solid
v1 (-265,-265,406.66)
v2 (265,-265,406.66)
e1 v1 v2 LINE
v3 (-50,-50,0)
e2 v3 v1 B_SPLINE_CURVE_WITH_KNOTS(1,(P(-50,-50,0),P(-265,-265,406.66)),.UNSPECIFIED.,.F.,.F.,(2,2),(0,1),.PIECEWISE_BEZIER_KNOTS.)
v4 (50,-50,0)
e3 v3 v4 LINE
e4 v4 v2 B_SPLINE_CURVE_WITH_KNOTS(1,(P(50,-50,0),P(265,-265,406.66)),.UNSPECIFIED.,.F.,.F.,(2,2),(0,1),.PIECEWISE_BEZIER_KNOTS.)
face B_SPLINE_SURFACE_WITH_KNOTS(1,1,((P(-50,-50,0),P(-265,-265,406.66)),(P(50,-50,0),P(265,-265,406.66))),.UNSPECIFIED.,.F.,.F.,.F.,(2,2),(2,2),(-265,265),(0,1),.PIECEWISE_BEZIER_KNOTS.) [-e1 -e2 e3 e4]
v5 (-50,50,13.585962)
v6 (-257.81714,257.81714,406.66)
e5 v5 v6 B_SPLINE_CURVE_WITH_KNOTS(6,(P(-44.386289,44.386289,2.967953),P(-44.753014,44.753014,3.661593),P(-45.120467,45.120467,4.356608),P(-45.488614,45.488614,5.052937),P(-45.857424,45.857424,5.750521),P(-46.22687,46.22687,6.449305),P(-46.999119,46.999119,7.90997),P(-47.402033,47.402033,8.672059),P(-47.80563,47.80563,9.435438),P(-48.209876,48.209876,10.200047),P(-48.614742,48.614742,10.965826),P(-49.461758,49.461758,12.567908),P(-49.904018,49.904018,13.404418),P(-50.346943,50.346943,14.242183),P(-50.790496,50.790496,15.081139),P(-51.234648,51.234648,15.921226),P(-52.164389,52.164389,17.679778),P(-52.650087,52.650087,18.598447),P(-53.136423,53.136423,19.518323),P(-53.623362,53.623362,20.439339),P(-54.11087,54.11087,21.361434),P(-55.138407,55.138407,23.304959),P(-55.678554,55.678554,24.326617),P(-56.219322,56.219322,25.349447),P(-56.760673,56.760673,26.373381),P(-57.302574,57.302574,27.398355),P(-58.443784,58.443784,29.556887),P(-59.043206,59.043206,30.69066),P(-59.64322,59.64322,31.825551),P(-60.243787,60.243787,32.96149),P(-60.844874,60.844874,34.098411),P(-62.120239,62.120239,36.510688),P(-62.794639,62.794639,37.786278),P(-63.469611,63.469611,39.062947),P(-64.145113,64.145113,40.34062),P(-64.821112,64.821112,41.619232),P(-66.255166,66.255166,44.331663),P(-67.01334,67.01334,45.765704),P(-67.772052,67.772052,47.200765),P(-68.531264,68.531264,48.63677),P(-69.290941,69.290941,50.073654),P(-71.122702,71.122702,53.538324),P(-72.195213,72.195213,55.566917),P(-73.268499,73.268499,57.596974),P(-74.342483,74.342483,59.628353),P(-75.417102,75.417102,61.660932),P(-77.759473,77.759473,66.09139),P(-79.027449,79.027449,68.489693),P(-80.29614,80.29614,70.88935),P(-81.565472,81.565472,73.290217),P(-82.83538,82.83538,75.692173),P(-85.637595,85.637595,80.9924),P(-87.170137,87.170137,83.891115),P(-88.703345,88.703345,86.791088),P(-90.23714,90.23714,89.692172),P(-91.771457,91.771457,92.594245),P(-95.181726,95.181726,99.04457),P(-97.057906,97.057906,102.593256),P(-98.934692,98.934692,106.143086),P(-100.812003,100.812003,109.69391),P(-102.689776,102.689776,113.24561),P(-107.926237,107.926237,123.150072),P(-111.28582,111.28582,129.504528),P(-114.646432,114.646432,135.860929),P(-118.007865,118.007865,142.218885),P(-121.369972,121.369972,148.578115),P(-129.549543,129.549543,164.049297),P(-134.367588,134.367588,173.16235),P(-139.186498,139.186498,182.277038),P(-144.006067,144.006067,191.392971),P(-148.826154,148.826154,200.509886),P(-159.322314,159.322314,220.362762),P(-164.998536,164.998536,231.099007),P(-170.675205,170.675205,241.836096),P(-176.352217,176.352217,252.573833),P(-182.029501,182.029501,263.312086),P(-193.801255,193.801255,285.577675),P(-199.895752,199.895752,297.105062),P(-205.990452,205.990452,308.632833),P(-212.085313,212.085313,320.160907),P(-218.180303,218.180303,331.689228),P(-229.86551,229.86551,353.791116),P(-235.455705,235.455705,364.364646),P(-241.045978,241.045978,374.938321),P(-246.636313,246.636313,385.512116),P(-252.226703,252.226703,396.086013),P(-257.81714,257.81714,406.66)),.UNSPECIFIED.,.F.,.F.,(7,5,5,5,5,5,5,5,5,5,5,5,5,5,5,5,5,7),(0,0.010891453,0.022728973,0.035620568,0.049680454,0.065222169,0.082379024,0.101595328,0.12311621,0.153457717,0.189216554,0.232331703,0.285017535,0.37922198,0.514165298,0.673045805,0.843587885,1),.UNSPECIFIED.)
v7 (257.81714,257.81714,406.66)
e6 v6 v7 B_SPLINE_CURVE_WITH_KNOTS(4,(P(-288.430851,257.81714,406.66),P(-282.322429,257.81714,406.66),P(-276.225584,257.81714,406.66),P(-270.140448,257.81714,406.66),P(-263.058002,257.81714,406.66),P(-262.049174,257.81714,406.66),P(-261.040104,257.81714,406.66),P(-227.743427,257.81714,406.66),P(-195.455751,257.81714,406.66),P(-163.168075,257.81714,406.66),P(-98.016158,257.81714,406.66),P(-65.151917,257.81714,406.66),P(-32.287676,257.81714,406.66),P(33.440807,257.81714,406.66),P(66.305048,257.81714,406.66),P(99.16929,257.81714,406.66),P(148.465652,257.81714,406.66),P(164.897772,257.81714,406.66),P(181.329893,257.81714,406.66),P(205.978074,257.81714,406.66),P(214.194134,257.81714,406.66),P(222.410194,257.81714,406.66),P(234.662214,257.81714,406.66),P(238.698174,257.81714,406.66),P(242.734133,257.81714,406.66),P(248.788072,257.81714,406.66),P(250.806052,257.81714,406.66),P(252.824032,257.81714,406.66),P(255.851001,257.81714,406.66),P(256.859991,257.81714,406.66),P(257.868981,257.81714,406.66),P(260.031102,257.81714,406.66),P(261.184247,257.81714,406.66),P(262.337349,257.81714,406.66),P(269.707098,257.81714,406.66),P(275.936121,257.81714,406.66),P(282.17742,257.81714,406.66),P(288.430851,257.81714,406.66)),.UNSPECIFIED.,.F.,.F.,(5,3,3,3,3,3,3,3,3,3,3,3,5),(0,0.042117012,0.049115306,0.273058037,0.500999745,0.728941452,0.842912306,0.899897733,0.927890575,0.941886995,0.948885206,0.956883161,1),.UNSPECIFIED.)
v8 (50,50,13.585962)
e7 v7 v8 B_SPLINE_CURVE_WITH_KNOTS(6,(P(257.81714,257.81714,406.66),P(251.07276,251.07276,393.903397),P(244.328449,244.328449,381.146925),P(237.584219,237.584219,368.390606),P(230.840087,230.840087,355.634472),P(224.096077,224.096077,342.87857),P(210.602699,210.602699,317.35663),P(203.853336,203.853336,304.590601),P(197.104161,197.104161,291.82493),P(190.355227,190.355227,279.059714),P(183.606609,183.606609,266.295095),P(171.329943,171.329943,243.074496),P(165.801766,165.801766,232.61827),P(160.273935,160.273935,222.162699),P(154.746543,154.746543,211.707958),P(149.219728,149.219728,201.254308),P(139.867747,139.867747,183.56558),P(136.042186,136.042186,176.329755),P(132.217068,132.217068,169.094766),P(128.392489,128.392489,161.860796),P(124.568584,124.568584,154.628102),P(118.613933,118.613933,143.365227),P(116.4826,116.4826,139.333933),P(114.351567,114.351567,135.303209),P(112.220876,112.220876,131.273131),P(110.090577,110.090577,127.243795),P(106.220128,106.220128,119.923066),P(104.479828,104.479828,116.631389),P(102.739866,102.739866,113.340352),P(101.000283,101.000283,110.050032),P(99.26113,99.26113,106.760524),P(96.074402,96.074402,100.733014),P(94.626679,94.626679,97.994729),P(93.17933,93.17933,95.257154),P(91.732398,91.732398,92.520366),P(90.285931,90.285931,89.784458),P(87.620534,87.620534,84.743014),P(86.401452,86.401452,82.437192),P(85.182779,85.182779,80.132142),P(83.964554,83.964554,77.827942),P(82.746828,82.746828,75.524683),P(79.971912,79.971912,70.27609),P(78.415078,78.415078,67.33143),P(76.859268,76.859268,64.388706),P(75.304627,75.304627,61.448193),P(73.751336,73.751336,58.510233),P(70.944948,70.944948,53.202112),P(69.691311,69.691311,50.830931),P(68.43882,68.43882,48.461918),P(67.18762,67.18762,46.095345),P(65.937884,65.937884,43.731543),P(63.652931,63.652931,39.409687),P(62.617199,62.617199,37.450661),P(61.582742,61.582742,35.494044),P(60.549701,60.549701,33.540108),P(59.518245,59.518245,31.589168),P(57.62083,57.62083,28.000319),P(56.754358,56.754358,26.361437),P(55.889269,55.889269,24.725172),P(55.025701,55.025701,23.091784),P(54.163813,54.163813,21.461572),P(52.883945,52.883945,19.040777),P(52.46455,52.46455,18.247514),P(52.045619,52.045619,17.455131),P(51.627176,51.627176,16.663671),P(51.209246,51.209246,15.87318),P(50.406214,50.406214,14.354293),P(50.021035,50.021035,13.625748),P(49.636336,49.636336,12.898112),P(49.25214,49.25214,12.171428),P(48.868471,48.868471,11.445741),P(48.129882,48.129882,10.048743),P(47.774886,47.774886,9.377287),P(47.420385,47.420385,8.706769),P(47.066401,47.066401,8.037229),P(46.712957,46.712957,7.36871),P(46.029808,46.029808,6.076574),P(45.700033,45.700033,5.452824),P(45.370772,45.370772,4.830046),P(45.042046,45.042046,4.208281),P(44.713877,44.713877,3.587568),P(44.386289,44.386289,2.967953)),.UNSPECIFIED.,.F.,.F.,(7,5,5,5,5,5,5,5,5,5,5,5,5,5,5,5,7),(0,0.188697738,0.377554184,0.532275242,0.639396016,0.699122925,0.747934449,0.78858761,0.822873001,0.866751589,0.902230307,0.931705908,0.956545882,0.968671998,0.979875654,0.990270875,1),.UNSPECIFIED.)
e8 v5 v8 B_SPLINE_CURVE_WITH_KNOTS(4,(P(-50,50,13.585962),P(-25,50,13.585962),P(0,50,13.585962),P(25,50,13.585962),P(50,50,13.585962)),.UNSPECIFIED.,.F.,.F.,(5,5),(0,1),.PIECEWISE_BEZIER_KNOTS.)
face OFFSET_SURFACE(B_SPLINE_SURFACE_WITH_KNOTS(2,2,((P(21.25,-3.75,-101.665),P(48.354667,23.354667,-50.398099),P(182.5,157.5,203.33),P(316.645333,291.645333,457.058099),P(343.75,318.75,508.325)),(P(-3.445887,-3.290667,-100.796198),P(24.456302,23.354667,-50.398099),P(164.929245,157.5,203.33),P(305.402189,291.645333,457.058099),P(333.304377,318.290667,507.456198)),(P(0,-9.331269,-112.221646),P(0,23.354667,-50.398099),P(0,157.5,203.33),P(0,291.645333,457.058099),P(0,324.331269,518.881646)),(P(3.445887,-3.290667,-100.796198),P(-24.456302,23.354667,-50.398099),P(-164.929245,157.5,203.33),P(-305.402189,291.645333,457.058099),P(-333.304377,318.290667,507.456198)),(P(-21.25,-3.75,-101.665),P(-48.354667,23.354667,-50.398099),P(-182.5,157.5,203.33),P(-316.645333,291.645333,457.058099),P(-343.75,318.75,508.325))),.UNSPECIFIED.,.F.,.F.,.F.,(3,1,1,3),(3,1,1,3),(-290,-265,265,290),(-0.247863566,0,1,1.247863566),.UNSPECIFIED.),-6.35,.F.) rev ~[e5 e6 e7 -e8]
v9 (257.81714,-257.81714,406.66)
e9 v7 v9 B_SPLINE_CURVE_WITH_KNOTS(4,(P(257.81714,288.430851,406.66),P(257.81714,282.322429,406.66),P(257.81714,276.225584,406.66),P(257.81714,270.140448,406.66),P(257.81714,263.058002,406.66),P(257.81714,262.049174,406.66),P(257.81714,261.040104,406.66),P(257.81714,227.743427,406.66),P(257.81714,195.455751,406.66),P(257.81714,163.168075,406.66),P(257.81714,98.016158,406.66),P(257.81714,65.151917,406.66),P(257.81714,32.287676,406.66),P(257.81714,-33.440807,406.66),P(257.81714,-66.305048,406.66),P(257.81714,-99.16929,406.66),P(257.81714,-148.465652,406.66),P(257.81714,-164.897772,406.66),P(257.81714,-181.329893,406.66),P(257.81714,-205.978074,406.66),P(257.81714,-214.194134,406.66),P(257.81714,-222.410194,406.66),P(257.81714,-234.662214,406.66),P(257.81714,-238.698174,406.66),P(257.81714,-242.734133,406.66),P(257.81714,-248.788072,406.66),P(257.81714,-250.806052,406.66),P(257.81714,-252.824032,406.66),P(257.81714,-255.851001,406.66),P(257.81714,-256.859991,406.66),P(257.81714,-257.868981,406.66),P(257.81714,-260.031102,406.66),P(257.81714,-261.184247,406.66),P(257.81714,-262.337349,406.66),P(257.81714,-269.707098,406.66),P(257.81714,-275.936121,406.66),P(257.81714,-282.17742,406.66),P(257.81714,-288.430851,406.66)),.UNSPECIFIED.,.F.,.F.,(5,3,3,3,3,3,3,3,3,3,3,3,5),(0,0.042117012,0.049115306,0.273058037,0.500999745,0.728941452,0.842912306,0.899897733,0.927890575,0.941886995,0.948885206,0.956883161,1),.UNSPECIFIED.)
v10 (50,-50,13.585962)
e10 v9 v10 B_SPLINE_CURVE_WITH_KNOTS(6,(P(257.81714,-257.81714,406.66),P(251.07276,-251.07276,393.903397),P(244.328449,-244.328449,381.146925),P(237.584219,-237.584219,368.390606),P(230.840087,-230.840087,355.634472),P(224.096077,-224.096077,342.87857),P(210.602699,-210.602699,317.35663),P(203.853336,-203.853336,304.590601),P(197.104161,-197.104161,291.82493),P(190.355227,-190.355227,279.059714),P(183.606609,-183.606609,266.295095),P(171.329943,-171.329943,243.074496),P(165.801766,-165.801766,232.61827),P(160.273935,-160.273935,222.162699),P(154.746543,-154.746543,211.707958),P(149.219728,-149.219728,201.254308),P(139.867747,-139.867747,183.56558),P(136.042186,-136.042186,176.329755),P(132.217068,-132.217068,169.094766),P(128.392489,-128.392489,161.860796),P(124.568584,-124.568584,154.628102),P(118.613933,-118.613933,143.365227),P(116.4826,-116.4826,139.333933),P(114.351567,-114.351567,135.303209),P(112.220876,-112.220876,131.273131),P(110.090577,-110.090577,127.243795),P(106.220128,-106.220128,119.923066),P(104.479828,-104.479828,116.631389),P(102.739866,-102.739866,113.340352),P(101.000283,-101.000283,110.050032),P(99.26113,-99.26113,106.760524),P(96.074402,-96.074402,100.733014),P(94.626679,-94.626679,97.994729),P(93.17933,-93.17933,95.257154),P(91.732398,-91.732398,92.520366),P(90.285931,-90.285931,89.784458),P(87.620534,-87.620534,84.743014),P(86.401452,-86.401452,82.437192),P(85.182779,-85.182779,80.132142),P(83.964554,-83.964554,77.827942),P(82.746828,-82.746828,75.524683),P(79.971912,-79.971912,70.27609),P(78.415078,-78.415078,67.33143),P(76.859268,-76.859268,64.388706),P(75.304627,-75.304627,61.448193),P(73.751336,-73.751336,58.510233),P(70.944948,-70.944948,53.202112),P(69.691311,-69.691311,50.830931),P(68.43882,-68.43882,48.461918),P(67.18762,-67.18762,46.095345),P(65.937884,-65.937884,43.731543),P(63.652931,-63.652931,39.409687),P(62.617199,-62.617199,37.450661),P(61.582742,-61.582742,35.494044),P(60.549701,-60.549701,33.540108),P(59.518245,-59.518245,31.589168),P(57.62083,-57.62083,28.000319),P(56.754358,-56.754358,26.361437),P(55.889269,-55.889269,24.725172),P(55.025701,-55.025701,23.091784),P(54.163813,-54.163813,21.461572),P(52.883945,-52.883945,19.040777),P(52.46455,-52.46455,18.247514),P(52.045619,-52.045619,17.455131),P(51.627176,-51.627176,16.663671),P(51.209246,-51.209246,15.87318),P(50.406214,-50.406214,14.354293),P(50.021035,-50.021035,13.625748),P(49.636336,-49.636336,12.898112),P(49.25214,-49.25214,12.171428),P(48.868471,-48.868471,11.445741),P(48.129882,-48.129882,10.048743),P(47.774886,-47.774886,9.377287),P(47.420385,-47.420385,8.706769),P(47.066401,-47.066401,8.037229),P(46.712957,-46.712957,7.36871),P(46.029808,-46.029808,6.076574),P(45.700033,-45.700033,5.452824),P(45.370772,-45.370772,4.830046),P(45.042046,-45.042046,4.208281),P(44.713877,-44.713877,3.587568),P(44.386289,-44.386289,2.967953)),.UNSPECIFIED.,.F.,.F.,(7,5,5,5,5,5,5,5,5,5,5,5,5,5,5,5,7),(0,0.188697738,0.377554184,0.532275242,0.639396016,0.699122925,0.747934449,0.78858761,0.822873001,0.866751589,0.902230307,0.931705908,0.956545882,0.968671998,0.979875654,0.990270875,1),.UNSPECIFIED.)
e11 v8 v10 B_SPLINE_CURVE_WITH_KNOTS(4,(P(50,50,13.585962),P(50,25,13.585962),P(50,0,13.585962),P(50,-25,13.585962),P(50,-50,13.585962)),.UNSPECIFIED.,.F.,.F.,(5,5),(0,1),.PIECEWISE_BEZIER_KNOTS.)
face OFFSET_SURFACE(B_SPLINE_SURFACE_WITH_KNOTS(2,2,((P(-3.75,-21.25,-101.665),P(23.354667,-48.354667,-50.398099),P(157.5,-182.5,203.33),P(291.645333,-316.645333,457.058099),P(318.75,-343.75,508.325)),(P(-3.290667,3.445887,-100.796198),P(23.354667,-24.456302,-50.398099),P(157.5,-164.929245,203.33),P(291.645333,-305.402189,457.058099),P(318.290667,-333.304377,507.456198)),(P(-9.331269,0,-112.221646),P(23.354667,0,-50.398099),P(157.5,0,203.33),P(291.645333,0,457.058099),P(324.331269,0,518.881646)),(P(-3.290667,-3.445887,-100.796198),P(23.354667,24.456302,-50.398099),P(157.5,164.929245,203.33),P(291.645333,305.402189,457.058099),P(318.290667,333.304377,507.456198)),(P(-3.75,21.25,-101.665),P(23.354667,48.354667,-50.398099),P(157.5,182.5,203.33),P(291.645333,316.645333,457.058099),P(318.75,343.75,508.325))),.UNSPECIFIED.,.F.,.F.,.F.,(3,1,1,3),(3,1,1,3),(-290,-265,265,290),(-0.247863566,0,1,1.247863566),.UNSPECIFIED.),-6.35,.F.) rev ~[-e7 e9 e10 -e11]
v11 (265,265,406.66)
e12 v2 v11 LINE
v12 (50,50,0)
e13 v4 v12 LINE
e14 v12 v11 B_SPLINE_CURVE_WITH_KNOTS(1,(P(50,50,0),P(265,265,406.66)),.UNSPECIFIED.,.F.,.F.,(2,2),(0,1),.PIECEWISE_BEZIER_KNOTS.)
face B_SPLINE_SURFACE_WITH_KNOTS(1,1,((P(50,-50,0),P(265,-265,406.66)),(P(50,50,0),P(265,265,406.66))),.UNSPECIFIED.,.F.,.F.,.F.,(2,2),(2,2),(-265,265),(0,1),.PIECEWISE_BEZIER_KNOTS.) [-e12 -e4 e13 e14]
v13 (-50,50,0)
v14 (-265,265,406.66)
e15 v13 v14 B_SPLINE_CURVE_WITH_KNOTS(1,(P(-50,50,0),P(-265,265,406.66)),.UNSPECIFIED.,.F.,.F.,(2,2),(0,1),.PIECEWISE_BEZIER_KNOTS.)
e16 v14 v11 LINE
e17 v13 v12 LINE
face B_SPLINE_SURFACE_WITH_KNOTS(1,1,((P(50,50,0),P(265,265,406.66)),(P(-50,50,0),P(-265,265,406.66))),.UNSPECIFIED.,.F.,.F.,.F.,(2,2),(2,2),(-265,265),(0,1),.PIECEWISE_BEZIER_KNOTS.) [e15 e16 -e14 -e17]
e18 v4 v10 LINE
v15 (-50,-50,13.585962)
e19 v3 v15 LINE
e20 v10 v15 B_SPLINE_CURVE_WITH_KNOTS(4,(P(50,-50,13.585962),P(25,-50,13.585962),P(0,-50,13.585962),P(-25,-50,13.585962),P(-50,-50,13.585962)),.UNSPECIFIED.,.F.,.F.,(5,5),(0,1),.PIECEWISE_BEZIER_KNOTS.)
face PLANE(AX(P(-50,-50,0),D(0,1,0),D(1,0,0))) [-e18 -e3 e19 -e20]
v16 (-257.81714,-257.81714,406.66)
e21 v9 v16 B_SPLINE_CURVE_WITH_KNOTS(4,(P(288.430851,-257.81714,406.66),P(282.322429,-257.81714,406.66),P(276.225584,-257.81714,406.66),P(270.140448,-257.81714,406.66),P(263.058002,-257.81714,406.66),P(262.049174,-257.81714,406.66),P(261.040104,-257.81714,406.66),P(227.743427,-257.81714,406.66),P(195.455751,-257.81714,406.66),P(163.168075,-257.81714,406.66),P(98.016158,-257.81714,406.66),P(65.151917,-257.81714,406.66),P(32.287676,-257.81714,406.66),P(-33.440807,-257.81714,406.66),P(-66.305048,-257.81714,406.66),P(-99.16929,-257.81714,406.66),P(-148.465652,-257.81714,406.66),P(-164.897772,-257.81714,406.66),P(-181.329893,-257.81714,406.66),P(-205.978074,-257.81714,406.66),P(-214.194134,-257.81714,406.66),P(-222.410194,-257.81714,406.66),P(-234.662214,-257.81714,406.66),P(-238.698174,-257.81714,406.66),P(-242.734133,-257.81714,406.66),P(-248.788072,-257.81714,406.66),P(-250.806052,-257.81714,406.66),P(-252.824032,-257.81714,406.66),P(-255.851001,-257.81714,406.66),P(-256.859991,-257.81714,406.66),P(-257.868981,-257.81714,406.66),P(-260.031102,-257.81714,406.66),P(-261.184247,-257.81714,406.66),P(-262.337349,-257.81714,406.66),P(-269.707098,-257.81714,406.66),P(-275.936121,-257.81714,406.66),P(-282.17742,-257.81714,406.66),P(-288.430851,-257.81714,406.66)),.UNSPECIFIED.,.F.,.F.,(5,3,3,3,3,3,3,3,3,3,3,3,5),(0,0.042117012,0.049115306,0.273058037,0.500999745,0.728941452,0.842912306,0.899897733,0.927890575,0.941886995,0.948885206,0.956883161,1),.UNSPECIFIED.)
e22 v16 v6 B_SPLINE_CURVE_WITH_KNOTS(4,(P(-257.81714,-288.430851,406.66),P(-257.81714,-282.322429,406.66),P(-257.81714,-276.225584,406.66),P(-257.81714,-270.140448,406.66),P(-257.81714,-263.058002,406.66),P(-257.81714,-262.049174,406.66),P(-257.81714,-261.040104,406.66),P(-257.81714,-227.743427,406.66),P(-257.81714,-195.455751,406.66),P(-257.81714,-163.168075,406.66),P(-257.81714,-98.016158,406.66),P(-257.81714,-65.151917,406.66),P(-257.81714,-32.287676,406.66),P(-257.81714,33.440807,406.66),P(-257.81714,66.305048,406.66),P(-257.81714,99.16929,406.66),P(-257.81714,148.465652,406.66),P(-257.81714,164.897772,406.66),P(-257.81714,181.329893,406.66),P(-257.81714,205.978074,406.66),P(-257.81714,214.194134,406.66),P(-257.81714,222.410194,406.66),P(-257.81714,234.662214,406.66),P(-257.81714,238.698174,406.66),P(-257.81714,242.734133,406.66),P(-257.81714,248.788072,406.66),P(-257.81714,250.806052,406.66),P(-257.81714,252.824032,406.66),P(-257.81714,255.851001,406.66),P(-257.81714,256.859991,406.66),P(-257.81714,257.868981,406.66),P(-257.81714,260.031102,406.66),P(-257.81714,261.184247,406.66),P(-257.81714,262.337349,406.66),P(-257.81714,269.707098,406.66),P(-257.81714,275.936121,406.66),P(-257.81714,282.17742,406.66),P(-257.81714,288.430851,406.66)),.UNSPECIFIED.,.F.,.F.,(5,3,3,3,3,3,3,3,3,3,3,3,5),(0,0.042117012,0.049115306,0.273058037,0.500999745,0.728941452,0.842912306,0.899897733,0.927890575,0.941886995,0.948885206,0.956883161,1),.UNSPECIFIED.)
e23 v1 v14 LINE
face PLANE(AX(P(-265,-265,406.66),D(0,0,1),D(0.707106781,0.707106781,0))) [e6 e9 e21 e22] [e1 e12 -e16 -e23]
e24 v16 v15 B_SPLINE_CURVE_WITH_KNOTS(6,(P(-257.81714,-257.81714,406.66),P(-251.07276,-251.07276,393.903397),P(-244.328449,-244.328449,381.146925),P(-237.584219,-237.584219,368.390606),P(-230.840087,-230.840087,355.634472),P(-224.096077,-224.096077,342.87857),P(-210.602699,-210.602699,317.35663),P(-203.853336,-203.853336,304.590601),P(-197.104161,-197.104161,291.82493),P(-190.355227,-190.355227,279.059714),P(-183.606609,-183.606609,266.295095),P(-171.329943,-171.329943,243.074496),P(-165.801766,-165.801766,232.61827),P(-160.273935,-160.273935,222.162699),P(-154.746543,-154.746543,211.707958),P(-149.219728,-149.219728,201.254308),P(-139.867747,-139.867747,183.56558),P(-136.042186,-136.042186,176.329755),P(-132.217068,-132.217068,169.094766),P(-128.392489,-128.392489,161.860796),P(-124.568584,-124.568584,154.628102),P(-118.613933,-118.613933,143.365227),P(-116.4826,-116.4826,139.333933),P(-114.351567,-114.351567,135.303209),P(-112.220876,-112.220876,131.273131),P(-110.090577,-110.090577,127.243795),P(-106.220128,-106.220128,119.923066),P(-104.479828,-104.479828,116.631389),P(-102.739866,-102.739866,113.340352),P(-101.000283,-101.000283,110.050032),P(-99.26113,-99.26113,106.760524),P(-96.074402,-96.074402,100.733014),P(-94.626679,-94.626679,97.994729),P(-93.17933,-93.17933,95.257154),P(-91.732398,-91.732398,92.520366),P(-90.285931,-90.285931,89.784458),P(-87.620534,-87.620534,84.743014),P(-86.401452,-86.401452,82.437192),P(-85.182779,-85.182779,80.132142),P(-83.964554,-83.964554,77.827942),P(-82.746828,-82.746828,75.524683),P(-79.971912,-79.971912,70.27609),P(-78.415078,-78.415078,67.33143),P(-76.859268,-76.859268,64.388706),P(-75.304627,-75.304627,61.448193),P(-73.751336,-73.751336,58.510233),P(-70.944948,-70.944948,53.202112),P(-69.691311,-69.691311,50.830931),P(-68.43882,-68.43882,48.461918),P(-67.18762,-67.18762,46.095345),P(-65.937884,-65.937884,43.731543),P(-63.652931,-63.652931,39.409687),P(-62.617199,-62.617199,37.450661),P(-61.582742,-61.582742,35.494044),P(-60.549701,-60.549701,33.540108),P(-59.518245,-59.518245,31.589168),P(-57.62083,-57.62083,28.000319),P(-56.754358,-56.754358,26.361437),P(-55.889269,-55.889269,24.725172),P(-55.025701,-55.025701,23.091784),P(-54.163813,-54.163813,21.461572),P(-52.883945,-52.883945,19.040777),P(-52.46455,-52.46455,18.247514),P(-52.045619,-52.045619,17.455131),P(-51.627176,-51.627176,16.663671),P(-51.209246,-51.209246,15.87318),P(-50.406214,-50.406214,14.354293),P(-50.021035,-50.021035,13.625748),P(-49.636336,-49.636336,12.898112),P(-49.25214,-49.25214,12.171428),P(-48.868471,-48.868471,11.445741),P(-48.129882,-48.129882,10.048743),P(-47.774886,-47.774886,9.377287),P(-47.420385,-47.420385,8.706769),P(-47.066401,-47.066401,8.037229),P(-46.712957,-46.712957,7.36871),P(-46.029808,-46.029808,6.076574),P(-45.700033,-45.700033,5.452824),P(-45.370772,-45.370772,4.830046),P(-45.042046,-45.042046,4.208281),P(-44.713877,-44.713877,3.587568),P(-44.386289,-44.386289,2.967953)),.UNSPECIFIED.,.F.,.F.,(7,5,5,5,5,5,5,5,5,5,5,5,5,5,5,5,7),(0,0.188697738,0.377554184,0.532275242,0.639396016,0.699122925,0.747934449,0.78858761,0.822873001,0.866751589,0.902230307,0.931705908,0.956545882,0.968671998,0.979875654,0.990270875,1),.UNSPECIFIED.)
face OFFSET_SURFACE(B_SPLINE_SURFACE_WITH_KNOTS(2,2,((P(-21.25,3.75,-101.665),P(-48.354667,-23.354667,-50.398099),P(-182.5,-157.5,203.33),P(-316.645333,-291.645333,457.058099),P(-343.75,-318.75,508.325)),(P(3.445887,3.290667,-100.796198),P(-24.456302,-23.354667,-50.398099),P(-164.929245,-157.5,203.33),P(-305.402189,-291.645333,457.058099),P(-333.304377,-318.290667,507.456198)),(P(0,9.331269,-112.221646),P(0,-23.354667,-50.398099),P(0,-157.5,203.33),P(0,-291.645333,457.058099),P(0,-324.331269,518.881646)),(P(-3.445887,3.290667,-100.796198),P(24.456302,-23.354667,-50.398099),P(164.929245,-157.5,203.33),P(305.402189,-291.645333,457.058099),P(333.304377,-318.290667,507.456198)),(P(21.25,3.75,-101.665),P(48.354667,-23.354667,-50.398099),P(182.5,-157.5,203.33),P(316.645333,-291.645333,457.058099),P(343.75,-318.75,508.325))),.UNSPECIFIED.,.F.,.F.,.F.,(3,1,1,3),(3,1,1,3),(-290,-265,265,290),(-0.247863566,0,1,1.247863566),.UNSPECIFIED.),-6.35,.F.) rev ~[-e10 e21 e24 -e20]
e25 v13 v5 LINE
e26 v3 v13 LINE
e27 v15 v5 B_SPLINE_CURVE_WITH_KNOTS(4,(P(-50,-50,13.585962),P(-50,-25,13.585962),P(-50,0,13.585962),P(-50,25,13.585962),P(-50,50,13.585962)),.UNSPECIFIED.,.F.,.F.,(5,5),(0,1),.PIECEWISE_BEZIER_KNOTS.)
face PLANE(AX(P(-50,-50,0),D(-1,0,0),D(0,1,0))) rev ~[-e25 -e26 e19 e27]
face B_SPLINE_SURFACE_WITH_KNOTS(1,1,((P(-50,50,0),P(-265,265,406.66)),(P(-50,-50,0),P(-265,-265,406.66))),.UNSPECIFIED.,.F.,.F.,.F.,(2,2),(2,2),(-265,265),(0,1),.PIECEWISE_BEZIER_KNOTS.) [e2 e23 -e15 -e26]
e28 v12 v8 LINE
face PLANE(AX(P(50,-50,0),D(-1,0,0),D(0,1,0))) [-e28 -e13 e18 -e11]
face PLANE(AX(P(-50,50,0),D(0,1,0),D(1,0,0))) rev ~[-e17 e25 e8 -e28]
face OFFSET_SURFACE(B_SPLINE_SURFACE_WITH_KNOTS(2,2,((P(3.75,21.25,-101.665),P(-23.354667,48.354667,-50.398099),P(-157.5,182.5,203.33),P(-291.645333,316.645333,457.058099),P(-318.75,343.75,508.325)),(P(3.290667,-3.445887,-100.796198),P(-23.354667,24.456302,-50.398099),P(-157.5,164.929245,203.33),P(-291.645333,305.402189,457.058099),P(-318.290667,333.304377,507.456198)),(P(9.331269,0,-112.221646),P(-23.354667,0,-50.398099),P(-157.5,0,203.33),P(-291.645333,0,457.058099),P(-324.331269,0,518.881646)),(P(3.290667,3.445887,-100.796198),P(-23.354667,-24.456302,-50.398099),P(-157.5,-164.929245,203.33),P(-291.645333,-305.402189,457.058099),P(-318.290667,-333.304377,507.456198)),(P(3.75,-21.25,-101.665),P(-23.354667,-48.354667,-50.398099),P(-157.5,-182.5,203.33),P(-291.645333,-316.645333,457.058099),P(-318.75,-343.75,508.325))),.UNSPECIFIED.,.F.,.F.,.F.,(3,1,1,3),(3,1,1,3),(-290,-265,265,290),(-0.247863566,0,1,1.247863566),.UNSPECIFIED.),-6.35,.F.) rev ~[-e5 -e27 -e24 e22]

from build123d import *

# Parameters (mm, degrees)
F0_W     = 100
F0_H     = 100
F2_W     = 530
F2_H     = 530
F4_T     = -6.35
F5_DEPTH = 25.4


with BuildPart() as f3:
    # F0 (on Top) → F3 section 0
    with BuildSketch(Plane.XY):
        Rectangle(F0_W, F0_H)
    # F2 (on offset) → F3 section 1
    with BuildSketch(Plane.XY.offset(406.66)):
        Rectangle(F2_W, F2_H)
    loft()

    # F4
    f4_openings = [f3.faces().sort_by_distance(p)[0] for p in [
        (0, 0, 406.66),
    ]]
    offset(amount=F4_T, openings=f4_openings)

    # F5 (cut): a face of the model
    f5_faces = [f3.faces().sort_by_distance(p)[0] for p in [
        (0, 0, 0),
    ]]
    extrude(f5_faces, amount=-F5_DEPTH, mode=Mode.SUBTRACT)


solid = f3.part
